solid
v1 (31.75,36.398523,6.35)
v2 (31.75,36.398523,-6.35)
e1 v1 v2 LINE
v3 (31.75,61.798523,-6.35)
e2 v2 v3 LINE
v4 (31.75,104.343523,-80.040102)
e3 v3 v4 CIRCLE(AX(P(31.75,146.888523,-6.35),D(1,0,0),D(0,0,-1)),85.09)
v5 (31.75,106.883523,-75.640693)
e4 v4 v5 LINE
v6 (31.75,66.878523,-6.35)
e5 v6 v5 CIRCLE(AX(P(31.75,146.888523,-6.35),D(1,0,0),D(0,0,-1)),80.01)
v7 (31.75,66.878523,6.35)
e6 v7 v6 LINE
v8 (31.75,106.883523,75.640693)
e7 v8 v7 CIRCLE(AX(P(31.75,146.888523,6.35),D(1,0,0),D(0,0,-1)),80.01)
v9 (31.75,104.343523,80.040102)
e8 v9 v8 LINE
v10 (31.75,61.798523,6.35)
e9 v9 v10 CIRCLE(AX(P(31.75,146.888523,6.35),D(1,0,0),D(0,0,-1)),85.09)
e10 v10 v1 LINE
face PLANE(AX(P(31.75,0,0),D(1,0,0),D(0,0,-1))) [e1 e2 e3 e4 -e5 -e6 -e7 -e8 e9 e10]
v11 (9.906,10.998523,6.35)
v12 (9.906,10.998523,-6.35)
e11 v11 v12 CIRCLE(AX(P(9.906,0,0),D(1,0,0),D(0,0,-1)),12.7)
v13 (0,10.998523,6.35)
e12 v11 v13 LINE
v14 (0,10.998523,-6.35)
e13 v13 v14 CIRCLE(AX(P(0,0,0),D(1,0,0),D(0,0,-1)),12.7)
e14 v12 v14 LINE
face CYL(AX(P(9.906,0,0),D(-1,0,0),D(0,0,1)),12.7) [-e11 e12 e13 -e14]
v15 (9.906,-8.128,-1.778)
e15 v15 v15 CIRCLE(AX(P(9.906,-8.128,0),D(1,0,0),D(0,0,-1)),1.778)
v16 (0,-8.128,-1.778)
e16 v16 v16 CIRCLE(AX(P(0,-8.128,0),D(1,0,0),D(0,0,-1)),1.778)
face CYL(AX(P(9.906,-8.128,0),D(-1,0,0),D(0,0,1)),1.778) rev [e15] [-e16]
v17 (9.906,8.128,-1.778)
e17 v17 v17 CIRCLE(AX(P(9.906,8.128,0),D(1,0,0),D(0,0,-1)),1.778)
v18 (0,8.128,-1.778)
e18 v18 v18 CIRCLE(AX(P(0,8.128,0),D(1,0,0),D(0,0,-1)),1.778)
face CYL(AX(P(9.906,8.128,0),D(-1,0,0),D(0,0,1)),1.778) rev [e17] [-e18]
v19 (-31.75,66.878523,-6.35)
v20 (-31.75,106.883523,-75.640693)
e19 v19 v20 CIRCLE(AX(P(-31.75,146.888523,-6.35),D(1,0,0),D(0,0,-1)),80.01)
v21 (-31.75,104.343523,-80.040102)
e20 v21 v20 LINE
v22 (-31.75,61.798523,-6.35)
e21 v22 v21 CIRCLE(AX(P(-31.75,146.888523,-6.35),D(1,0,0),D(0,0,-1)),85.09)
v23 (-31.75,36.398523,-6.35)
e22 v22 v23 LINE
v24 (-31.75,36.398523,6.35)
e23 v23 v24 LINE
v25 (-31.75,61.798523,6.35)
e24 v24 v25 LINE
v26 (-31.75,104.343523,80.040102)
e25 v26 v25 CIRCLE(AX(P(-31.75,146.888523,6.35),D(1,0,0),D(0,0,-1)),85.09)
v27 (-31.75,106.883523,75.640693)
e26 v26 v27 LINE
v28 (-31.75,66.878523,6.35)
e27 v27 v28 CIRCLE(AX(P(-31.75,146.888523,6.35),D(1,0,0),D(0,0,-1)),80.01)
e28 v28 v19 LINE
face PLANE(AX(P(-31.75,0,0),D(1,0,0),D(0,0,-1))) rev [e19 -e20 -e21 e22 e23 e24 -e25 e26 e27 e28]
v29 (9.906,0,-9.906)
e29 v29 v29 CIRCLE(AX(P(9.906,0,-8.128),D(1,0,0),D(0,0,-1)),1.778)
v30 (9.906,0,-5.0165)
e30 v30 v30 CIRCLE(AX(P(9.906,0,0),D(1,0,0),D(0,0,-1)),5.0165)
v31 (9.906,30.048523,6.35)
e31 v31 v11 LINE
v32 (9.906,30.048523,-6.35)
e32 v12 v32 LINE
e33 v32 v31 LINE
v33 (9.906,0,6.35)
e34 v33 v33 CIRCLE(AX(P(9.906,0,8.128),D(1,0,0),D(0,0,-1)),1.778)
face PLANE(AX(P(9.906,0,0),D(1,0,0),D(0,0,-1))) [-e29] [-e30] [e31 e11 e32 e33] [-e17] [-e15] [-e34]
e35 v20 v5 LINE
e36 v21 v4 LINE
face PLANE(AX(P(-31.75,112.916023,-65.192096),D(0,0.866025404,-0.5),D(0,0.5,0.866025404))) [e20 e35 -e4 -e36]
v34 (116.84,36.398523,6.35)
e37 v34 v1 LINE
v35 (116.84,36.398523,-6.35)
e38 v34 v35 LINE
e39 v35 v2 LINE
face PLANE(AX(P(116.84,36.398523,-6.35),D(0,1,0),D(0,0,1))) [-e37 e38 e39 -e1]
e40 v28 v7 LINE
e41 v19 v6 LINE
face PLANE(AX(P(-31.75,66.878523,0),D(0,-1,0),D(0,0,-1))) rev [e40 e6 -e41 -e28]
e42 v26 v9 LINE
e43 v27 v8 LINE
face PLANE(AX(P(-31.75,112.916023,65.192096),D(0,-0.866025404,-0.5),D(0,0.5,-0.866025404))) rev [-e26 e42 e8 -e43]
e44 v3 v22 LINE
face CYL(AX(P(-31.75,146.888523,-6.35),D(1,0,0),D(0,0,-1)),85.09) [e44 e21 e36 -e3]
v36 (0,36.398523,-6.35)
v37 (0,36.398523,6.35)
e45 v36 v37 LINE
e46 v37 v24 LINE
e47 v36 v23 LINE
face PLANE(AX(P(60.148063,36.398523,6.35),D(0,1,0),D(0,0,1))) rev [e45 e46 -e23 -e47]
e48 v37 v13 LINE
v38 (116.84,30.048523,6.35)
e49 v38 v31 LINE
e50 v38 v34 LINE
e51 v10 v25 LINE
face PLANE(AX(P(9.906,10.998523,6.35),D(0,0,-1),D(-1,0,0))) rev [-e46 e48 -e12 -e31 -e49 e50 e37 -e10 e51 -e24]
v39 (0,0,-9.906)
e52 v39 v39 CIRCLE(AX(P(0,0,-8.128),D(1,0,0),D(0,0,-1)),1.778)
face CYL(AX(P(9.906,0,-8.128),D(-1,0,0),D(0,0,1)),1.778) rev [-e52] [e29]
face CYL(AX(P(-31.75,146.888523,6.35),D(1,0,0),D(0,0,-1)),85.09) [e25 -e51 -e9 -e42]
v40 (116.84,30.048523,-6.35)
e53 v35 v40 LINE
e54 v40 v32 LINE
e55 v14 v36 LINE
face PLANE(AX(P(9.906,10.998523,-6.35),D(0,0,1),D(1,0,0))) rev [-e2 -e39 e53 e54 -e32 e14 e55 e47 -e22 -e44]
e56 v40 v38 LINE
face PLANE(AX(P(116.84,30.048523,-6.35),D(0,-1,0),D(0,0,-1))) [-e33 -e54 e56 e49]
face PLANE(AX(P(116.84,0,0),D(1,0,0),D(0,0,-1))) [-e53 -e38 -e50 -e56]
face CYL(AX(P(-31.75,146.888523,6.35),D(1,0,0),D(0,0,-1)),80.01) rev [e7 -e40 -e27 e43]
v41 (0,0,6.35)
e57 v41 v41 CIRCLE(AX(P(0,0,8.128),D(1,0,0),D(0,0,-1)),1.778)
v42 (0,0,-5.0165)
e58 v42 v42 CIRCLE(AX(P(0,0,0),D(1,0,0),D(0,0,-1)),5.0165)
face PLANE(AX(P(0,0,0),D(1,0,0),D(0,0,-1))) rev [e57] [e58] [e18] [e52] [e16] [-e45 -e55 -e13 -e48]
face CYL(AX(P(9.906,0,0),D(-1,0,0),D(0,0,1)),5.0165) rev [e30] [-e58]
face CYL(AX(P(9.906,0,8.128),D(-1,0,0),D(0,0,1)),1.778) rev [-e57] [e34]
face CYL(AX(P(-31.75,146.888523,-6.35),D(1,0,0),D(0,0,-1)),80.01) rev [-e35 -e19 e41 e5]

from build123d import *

# Parameters (mm, degrees)
SKETCH1_R                = 5.0165
SKETCH1_R_2              = 1.778
BOSS_EXTRUDE1_DEPTH      = 9.906
BOSS_EXTRUDE2_DEPTH      = 31.75
BOSS_EXTRUDE2_DEPTH_BACK = 31.75
BOSS_EXTRUDE3_START      = -9.906
SKETCH4_W                = 12.7
SKETCH4_H                = 6.35
BOSS_EXTRUDE3_DEPTH      = 106.934
BOSS_EXTRUDE4_START      = -41.656
SKETCH5_W                = 12.7
SKETCH5_H                = 25.4
BOSS_EXTRUDE4_DEPTH      = 63.5


with BuildPart() as part:
    # Sketch1 → Boss-Extrude1 (new body)
    with BuildSketch(Plane(origin=(0, 0, 0), x_dir=(0, 0, -1), z_dir=(1, 0, 0))):
        with BuildLine():
            Line((-6.35, 10.998522628), (-6.35, 61.798522628))
            Line((-6.35, 61.798522628), (6.35, 61.798522628))
            Line((6.35, 61.798522628), (6.35, 10.998522628))
            ThreePointArc((6.35, 10.998522628), (0, -12.7), (-6.35, 10.998522628))
        make_face()
        Circle(SKETCH1_R, mode=Mode.SUBTRACT)
        with Locations((-8.128, 0)):
            Circle(SKETCH1_R_2, mode=Mode.SUBTRACT)
        with Locations((8.128, 0)):
            Circle(SKETCH1_R_2, mode=Mode.SUBTRACT)
        with Locations((0, -8.128)):
            Circle(SKETCH1_R_2, mode=Mode.SUBTRACT)
        with Locations((0, 8.128)):
            Circle(SKETCH1_R_2, mode=Mode.SUBTRACT)
    extrude(amount=BOSS_EXTRUDE1_DEPTH)

    # Sketch3 → Boss-Extrude2 (add, two sides: drawn at the far end of the back side and taken through both)
    with BuildSketch(Plane(origin=(0, 0, 0), x_dir=(0, 0, -1), z_dir=(1, 0, 0)).offset(-BOSS_EXTRUDE2_DEPTH_BACK)):
        with BuildLine():
            Line((-80.040101608, 104.343522628), (-75.640692557, 106.883522628))
            ThreePointArc((-75.640692557, 106.883522628), (-46.355, 77.597830071), (-6.35, 66.878522628))
            Line((-6.35, 66.878522628), (6.35, 66.878522628))
            ThreePointArc((6.35, 66.878522628), (46.355, 77.597830071), (75.640692557, 106.883522628))
            Line((75.640692557, 106.883522628), (80.040101608, 104.343522628))
            ThreePointArc((80.040101608, 104.343522628), (48.895, 73.19842102), (6.35, 61.798522628))
            Line((6.35, 61.798522628), (-6.35, 61.798522628))
            ThreePointArc((-6.35, 61.798522628), (-48.895, 73.19842102), (-80.040101608, 104.343522628))
        make_face()
    extrude(amount=BOSS_EXTRUDE2_DEPTH + BOSS_EXTRUDE2_DEPTH_BACK)

    # Sketch4 → Boss-Extrude3 (add)
    with BuildSketch(Plane.ZY.offset(BOSS_EXTRUDE3_START)):
        with Locations((0, 33.223522628)):
            Rectangle(SKETCH4_W, SKETCH4_H)
    extrude(amount=-BOSS_EXTRUDE3_DEPTH)

    # Sketch5 → Boss-Extrude4 (add)
    with BuildSketch(Plane(origin=(9.906, 0, 0), x_dir=(0, 0, -1), z_dir=(1, 0, 0)).offset(BOSS_EXTRUDE4_START)):
        with Locations((0, 49.098522628)):
            Rectangle(SKETCH5_W, SKETCH5_H)
    extrude(amount=BOSS_EXTRUDE4_DEPTH)


solid = part.part
